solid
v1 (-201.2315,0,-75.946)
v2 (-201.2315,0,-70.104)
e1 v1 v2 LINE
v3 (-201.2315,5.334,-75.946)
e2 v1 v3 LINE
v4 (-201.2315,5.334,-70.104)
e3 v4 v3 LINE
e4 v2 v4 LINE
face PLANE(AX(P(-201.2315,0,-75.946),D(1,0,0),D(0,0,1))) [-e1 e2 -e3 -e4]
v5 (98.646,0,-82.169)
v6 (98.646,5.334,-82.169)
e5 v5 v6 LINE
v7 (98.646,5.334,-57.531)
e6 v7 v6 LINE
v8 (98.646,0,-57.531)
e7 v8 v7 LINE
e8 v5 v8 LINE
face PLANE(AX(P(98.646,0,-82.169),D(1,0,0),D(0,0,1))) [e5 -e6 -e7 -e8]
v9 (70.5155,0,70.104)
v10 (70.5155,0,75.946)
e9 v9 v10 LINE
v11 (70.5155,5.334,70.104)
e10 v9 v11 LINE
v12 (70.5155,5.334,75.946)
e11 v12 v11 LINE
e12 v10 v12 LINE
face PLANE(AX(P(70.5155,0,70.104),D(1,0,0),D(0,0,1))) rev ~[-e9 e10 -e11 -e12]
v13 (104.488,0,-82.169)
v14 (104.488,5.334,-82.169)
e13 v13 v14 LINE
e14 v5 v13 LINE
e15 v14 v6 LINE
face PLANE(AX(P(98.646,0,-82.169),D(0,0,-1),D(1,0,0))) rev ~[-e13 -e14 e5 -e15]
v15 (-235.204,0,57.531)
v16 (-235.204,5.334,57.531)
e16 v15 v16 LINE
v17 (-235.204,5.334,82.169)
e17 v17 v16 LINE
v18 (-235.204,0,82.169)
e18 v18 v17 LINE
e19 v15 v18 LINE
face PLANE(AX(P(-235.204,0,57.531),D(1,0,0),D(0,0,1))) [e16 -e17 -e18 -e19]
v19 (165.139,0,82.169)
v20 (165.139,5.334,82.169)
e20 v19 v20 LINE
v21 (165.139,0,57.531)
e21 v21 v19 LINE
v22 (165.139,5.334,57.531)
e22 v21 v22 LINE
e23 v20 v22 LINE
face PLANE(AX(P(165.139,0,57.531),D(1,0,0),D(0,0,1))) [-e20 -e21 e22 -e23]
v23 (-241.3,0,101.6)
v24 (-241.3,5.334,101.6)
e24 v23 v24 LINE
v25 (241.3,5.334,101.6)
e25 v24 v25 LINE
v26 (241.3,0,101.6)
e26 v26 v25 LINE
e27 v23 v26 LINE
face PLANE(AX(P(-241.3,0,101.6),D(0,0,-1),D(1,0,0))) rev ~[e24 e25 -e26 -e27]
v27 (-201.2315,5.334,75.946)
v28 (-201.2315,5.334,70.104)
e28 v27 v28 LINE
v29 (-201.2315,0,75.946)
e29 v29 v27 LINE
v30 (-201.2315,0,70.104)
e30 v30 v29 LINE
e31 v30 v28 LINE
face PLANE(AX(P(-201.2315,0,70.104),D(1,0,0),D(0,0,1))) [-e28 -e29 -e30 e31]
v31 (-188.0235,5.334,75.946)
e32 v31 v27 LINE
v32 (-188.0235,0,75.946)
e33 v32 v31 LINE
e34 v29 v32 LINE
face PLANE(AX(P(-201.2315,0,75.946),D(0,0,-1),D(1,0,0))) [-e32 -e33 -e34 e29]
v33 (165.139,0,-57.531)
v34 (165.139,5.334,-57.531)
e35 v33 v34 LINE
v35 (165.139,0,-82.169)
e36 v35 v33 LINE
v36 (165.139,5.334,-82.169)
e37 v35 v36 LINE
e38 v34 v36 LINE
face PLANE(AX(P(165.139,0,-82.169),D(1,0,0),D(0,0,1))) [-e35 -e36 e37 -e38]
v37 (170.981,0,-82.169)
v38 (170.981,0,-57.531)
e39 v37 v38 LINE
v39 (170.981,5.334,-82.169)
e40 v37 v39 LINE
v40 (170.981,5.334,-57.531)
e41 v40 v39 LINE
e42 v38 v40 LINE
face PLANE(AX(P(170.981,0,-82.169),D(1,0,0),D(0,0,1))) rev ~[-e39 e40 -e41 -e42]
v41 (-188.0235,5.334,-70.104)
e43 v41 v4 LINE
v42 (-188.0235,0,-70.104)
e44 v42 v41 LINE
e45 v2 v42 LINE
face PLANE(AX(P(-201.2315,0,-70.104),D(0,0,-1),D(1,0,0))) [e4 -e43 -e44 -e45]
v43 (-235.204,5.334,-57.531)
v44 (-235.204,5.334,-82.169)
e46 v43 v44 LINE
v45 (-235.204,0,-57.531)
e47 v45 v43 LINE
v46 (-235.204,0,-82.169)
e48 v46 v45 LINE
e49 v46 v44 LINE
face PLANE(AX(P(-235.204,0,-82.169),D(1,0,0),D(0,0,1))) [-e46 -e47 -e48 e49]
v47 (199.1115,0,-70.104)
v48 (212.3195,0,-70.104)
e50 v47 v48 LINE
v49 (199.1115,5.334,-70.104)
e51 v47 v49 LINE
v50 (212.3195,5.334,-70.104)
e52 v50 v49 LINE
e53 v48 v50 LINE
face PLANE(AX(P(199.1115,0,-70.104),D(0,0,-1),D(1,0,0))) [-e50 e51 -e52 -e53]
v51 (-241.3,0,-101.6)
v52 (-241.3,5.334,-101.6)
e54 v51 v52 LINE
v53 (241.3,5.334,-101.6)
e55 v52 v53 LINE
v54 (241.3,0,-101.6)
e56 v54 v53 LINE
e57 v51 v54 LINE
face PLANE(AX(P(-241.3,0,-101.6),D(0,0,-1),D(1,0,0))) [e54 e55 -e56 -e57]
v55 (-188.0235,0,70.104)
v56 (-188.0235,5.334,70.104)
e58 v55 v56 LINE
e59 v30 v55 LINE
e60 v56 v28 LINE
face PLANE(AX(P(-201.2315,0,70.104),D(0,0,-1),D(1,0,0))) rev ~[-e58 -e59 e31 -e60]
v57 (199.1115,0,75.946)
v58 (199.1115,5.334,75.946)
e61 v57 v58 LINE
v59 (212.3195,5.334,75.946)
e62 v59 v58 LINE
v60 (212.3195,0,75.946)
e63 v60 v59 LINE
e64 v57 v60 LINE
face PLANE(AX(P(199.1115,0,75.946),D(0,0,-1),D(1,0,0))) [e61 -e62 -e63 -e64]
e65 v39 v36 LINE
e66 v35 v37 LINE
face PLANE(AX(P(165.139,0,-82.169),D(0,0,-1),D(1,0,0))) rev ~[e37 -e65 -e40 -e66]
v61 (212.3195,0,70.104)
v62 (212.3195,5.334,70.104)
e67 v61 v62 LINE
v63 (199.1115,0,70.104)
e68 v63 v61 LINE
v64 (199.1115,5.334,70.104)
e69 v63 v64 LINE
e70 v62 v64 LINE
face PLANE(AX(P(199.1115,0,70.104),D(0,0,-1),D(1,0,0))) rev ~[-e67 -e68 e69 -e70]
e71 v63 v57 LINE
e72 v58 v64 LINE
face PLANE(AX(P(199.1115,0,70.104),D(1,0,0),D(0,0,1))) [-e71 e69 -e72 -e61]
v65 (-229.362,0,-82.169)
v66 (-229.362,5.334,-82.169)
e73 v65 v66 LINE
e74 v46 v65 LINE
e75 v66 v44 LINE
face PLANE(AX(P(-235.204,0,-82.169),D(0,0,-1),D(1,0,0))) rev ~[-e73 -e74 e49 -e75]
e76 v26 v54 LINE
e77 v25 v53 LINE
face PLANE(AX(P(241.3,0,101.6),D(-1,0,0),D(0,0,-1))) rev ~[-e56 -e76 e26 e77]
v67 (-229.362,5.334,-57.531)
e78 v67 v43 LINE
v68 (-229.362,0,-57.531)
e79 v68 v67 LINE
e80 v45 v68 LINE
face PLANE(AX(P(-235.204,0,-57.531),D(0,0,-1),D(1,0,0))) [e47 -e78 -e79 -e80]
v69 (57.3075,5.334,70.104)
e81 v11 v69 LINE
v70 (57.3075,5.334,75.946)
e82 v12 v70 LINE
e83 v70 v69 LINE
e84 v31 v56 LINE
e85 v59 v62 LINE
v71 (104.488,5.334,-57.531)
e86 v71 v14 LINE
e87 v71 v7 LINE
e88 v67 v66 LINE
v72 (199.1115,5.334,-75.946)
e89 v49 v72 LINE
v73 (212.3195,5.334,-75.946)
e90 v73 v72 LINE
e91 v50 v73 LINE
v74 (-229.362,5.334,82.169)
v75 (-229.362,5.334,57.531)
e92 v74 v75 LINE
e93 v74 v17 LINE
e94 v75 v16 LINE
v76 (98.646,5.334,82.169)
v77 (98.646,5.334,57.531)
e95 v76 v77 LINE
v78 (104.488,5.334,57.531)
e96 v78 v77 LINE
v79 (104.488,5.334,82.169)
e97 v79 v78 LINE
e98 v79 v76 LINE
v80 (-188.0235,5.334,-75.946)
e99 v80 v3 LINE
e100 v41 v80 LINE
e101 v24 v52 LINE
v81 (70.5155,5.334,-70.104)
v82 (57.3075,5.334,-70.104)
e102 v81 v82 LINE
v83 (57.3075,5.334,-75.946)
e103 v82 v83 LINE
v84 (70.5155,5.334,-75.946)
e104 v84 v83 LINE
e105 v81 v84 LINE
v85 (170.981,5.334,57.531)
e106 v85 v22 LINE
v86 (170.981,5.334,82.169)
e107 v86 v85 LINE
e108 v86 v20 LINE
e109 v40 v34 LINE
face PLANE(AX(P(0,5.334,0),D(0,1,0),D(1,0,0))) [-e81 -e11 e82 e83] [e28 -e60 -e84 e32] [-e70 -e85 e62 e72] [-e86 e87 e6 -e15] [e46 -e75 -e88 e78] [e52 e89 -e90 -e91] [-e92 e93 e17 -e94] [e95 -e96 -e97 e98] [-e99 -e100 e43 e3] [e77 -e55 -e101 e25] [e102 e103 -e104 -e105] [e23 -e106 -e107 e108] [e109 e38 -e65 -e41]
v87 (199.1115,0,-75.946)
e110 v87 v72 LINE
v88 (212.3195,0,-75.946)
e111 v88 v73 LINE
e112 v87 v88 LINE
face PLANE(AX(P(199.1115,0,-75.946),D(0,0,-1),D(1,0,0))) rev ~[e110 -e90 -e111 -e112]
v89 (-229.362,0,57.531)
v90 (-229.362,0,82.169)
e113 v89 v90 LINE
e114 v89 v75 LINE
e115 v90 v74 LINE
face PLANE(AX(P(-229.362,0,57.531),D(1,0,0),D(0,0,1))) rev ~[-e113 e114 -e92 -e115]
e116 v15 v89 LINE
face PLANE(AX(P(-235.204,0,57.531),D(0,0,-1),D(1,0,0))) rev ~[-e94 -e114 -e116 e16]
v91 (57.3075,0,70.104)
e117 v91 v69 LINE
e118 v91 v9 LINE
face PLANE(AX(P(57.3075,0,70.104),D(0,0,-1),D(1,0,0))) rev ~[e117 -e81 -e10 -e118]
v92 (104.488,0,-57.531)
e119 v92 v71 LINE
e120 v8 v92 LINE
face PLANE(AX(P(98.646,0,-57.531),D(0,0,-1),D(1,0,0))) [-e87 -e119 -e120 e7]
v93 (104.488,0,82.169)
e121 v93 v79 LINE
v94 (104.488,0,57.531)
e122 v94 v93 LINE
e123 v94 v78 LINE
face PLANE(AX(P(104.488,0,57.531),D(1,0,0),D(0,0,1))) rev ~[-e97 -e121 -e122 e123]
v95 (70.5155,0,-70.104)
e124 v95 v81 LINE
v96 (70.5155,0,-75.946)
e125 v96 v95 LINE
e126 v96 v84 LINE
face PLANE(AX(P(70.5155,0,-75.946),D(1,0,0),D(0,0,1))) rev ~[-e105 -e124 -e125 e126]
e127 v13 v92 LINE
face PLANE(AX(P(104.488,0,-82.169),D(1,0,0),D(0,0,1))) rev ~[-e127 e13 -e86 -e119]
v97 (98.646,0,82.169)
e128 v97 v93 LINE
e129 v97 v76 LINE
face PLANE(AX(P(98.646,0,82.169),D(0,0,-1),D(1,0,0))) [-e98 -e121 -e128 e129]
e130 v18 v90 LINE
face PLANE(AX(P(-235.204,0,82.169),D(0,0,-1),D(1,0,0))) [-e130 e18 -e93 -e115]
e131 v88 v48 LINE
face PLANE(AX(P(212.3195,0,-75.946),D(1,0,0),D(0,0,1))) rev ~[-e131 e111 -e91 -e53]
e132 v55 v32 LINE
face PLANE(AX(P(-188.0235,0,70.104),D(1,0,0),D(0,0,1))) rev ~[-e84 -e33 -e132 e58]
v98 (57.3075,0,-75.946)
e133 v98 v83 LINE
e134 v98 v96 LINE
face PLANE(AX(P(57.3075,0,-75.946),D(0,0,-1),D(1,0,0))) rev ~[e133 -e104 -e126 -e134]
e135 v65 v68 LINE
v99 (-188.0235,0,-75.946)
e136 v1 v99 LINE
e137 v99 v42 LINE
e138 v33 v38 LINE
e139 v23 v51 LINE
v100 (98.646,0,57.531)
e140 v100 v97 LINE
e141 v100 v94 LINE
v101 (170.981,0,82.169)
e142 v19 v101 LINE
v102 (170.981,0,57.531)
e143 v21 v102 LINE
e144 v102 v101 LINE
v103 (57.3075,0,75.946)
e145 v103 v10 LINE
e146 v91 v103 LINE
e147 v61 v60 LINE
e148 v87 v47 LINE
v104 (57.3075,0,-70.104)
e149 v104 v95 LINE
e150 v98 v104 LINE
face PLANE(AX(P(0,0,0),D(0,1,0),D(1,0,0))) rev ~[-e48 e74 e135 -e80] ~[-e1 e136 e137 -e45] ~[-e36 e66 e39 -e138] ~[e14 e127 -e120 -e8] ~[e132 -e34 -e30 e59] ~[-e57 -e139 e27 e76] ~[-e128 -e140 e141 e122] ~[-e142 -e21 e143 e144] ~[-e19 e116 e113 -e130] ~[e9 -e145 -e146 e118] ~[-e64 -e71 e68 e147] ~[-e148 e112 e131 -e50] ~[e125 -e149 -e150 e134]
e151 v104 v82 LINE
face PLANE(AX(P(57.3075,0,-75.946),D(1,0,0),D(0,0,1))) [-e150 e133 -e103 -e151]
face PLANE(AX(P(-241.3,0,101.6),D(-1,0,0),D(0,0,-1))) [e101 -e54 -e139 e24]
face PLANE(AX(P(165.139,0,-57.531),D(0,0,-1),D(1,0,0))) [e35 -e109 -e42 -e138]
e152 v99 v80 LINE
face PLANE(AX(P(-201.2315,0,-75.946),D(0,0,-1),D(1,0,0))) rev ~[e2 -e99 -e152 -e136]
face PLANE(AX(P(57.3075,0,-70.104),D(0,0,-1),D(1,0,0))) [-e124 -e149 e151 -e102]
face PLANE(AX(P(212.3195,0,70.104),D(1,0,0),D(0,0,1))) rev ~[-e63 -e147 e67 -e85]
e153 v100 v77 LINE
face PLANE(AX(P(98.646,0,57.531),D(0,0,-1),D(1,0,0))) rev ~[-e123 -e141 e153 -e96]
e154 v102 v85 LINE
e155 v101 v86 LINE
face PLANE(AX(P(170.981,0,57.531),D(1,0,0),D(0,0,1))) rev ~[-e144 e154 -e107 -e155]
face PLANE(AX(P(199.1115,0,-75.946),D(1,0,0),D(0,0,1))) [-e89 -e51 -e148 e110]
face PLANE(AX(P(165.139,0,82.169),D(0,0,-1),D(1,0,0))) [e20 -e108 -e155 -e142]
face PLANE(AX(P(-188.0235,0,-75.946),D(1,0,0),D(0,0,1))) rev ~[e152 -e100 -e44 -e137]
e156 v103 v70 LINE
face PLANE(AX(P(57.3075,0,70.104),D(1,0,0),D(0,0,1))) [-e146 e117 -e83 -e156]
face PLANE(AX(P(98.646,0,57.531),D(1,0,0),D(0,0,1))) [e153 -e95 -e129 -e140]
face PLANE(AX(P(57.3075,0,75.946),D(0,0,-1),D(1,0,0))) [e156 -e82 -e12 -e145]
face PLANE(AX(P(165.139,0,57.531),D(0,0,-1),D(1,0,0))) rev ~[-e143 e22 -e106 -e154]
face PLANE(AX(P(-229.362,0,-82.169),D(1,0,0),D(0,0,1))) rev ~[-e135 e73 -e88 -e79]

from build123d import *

# Parameters (mm, degrees)
SKETCH1_W           = 482.6
SKETCH1_H           = 203.2
BOSS_EXTRUDE1_DEPTH = 5.334
SKETCH5_W           = 5.842
SKETCH5_H           = 24.638
SKETCH5_W_2         = 13.208
SKETCH5_H_2         = 5.842
CUT_EXTRUDE3_DEPTH  = 262.871536361


with BuildPart() as part:
    # Sketch1 → Boss-Extrude1 (new body)
    with BuildSketch(Plane(origin=(0, 0, 0), x_dir=(1, 0, 0), z_dir=(0, 1, 0))):
        Rectangle(SKETCH1_W, SKETCH1_H)
    extrude(amount=BOSS_EXTRUDE1_DEPTH)

    # Sketch5 → Cut-Extrude3 (cut, through all)
    with BuildSketch(Plane.XZ):
        with Locations((-232.283, 69.85)):
            Rectangle(SKETCH5_W, SKETCH5_H)
        with Locations((101.567, 69.85)):
            Rectangle(SKETCH5_W, SKETCH5_H)
        with Locations((168.06, 69.85)):
            Rectangle(SKETCH5_W, SKETCH5_H)
        with Locations((168.06, -69.85)):
            Rectangle(SKETCH5_W, SKETCH5_H)
        with Locations((101.567, -69.85)):
            Rectangle(SKETCH5_W, SKETCH5_H)
        with Locations((-232.283, -69.85)):
            Rectangle(SKETCH5_W, SKETCH5_H)
        with Locations((63.9115, -73.025)):
            Rectangle(SKETCH5_W_2, SKETCH5_H_2)
        with Locations((-194.6275, -73.025)):
            Rectangle(SKETCH5_W_2, SKETCH5_H_2)
        with Locations((63.9115, 73.025)):
            Rectangle(SKETCH5_W_2, SKETCH5_H_2)
        with Locations((205.7155, -73.025)):
            Rectangle(SKETCH5_W_2, SKETCH5_H_2)
        with Locations((205.7155, 73.025)):
            Rectangle(SKETCH5_W_2, SKETCH5_H_2)
        with Locations((-194.6275, 73.025)):
            Rectangle(SKETCH5_W_2, SKETCH5_H_2)
    extrude(amount=-CUT_EXTRUDE3_DEPTH, mode=Mode.SUBTRACT)


solid = part.part
